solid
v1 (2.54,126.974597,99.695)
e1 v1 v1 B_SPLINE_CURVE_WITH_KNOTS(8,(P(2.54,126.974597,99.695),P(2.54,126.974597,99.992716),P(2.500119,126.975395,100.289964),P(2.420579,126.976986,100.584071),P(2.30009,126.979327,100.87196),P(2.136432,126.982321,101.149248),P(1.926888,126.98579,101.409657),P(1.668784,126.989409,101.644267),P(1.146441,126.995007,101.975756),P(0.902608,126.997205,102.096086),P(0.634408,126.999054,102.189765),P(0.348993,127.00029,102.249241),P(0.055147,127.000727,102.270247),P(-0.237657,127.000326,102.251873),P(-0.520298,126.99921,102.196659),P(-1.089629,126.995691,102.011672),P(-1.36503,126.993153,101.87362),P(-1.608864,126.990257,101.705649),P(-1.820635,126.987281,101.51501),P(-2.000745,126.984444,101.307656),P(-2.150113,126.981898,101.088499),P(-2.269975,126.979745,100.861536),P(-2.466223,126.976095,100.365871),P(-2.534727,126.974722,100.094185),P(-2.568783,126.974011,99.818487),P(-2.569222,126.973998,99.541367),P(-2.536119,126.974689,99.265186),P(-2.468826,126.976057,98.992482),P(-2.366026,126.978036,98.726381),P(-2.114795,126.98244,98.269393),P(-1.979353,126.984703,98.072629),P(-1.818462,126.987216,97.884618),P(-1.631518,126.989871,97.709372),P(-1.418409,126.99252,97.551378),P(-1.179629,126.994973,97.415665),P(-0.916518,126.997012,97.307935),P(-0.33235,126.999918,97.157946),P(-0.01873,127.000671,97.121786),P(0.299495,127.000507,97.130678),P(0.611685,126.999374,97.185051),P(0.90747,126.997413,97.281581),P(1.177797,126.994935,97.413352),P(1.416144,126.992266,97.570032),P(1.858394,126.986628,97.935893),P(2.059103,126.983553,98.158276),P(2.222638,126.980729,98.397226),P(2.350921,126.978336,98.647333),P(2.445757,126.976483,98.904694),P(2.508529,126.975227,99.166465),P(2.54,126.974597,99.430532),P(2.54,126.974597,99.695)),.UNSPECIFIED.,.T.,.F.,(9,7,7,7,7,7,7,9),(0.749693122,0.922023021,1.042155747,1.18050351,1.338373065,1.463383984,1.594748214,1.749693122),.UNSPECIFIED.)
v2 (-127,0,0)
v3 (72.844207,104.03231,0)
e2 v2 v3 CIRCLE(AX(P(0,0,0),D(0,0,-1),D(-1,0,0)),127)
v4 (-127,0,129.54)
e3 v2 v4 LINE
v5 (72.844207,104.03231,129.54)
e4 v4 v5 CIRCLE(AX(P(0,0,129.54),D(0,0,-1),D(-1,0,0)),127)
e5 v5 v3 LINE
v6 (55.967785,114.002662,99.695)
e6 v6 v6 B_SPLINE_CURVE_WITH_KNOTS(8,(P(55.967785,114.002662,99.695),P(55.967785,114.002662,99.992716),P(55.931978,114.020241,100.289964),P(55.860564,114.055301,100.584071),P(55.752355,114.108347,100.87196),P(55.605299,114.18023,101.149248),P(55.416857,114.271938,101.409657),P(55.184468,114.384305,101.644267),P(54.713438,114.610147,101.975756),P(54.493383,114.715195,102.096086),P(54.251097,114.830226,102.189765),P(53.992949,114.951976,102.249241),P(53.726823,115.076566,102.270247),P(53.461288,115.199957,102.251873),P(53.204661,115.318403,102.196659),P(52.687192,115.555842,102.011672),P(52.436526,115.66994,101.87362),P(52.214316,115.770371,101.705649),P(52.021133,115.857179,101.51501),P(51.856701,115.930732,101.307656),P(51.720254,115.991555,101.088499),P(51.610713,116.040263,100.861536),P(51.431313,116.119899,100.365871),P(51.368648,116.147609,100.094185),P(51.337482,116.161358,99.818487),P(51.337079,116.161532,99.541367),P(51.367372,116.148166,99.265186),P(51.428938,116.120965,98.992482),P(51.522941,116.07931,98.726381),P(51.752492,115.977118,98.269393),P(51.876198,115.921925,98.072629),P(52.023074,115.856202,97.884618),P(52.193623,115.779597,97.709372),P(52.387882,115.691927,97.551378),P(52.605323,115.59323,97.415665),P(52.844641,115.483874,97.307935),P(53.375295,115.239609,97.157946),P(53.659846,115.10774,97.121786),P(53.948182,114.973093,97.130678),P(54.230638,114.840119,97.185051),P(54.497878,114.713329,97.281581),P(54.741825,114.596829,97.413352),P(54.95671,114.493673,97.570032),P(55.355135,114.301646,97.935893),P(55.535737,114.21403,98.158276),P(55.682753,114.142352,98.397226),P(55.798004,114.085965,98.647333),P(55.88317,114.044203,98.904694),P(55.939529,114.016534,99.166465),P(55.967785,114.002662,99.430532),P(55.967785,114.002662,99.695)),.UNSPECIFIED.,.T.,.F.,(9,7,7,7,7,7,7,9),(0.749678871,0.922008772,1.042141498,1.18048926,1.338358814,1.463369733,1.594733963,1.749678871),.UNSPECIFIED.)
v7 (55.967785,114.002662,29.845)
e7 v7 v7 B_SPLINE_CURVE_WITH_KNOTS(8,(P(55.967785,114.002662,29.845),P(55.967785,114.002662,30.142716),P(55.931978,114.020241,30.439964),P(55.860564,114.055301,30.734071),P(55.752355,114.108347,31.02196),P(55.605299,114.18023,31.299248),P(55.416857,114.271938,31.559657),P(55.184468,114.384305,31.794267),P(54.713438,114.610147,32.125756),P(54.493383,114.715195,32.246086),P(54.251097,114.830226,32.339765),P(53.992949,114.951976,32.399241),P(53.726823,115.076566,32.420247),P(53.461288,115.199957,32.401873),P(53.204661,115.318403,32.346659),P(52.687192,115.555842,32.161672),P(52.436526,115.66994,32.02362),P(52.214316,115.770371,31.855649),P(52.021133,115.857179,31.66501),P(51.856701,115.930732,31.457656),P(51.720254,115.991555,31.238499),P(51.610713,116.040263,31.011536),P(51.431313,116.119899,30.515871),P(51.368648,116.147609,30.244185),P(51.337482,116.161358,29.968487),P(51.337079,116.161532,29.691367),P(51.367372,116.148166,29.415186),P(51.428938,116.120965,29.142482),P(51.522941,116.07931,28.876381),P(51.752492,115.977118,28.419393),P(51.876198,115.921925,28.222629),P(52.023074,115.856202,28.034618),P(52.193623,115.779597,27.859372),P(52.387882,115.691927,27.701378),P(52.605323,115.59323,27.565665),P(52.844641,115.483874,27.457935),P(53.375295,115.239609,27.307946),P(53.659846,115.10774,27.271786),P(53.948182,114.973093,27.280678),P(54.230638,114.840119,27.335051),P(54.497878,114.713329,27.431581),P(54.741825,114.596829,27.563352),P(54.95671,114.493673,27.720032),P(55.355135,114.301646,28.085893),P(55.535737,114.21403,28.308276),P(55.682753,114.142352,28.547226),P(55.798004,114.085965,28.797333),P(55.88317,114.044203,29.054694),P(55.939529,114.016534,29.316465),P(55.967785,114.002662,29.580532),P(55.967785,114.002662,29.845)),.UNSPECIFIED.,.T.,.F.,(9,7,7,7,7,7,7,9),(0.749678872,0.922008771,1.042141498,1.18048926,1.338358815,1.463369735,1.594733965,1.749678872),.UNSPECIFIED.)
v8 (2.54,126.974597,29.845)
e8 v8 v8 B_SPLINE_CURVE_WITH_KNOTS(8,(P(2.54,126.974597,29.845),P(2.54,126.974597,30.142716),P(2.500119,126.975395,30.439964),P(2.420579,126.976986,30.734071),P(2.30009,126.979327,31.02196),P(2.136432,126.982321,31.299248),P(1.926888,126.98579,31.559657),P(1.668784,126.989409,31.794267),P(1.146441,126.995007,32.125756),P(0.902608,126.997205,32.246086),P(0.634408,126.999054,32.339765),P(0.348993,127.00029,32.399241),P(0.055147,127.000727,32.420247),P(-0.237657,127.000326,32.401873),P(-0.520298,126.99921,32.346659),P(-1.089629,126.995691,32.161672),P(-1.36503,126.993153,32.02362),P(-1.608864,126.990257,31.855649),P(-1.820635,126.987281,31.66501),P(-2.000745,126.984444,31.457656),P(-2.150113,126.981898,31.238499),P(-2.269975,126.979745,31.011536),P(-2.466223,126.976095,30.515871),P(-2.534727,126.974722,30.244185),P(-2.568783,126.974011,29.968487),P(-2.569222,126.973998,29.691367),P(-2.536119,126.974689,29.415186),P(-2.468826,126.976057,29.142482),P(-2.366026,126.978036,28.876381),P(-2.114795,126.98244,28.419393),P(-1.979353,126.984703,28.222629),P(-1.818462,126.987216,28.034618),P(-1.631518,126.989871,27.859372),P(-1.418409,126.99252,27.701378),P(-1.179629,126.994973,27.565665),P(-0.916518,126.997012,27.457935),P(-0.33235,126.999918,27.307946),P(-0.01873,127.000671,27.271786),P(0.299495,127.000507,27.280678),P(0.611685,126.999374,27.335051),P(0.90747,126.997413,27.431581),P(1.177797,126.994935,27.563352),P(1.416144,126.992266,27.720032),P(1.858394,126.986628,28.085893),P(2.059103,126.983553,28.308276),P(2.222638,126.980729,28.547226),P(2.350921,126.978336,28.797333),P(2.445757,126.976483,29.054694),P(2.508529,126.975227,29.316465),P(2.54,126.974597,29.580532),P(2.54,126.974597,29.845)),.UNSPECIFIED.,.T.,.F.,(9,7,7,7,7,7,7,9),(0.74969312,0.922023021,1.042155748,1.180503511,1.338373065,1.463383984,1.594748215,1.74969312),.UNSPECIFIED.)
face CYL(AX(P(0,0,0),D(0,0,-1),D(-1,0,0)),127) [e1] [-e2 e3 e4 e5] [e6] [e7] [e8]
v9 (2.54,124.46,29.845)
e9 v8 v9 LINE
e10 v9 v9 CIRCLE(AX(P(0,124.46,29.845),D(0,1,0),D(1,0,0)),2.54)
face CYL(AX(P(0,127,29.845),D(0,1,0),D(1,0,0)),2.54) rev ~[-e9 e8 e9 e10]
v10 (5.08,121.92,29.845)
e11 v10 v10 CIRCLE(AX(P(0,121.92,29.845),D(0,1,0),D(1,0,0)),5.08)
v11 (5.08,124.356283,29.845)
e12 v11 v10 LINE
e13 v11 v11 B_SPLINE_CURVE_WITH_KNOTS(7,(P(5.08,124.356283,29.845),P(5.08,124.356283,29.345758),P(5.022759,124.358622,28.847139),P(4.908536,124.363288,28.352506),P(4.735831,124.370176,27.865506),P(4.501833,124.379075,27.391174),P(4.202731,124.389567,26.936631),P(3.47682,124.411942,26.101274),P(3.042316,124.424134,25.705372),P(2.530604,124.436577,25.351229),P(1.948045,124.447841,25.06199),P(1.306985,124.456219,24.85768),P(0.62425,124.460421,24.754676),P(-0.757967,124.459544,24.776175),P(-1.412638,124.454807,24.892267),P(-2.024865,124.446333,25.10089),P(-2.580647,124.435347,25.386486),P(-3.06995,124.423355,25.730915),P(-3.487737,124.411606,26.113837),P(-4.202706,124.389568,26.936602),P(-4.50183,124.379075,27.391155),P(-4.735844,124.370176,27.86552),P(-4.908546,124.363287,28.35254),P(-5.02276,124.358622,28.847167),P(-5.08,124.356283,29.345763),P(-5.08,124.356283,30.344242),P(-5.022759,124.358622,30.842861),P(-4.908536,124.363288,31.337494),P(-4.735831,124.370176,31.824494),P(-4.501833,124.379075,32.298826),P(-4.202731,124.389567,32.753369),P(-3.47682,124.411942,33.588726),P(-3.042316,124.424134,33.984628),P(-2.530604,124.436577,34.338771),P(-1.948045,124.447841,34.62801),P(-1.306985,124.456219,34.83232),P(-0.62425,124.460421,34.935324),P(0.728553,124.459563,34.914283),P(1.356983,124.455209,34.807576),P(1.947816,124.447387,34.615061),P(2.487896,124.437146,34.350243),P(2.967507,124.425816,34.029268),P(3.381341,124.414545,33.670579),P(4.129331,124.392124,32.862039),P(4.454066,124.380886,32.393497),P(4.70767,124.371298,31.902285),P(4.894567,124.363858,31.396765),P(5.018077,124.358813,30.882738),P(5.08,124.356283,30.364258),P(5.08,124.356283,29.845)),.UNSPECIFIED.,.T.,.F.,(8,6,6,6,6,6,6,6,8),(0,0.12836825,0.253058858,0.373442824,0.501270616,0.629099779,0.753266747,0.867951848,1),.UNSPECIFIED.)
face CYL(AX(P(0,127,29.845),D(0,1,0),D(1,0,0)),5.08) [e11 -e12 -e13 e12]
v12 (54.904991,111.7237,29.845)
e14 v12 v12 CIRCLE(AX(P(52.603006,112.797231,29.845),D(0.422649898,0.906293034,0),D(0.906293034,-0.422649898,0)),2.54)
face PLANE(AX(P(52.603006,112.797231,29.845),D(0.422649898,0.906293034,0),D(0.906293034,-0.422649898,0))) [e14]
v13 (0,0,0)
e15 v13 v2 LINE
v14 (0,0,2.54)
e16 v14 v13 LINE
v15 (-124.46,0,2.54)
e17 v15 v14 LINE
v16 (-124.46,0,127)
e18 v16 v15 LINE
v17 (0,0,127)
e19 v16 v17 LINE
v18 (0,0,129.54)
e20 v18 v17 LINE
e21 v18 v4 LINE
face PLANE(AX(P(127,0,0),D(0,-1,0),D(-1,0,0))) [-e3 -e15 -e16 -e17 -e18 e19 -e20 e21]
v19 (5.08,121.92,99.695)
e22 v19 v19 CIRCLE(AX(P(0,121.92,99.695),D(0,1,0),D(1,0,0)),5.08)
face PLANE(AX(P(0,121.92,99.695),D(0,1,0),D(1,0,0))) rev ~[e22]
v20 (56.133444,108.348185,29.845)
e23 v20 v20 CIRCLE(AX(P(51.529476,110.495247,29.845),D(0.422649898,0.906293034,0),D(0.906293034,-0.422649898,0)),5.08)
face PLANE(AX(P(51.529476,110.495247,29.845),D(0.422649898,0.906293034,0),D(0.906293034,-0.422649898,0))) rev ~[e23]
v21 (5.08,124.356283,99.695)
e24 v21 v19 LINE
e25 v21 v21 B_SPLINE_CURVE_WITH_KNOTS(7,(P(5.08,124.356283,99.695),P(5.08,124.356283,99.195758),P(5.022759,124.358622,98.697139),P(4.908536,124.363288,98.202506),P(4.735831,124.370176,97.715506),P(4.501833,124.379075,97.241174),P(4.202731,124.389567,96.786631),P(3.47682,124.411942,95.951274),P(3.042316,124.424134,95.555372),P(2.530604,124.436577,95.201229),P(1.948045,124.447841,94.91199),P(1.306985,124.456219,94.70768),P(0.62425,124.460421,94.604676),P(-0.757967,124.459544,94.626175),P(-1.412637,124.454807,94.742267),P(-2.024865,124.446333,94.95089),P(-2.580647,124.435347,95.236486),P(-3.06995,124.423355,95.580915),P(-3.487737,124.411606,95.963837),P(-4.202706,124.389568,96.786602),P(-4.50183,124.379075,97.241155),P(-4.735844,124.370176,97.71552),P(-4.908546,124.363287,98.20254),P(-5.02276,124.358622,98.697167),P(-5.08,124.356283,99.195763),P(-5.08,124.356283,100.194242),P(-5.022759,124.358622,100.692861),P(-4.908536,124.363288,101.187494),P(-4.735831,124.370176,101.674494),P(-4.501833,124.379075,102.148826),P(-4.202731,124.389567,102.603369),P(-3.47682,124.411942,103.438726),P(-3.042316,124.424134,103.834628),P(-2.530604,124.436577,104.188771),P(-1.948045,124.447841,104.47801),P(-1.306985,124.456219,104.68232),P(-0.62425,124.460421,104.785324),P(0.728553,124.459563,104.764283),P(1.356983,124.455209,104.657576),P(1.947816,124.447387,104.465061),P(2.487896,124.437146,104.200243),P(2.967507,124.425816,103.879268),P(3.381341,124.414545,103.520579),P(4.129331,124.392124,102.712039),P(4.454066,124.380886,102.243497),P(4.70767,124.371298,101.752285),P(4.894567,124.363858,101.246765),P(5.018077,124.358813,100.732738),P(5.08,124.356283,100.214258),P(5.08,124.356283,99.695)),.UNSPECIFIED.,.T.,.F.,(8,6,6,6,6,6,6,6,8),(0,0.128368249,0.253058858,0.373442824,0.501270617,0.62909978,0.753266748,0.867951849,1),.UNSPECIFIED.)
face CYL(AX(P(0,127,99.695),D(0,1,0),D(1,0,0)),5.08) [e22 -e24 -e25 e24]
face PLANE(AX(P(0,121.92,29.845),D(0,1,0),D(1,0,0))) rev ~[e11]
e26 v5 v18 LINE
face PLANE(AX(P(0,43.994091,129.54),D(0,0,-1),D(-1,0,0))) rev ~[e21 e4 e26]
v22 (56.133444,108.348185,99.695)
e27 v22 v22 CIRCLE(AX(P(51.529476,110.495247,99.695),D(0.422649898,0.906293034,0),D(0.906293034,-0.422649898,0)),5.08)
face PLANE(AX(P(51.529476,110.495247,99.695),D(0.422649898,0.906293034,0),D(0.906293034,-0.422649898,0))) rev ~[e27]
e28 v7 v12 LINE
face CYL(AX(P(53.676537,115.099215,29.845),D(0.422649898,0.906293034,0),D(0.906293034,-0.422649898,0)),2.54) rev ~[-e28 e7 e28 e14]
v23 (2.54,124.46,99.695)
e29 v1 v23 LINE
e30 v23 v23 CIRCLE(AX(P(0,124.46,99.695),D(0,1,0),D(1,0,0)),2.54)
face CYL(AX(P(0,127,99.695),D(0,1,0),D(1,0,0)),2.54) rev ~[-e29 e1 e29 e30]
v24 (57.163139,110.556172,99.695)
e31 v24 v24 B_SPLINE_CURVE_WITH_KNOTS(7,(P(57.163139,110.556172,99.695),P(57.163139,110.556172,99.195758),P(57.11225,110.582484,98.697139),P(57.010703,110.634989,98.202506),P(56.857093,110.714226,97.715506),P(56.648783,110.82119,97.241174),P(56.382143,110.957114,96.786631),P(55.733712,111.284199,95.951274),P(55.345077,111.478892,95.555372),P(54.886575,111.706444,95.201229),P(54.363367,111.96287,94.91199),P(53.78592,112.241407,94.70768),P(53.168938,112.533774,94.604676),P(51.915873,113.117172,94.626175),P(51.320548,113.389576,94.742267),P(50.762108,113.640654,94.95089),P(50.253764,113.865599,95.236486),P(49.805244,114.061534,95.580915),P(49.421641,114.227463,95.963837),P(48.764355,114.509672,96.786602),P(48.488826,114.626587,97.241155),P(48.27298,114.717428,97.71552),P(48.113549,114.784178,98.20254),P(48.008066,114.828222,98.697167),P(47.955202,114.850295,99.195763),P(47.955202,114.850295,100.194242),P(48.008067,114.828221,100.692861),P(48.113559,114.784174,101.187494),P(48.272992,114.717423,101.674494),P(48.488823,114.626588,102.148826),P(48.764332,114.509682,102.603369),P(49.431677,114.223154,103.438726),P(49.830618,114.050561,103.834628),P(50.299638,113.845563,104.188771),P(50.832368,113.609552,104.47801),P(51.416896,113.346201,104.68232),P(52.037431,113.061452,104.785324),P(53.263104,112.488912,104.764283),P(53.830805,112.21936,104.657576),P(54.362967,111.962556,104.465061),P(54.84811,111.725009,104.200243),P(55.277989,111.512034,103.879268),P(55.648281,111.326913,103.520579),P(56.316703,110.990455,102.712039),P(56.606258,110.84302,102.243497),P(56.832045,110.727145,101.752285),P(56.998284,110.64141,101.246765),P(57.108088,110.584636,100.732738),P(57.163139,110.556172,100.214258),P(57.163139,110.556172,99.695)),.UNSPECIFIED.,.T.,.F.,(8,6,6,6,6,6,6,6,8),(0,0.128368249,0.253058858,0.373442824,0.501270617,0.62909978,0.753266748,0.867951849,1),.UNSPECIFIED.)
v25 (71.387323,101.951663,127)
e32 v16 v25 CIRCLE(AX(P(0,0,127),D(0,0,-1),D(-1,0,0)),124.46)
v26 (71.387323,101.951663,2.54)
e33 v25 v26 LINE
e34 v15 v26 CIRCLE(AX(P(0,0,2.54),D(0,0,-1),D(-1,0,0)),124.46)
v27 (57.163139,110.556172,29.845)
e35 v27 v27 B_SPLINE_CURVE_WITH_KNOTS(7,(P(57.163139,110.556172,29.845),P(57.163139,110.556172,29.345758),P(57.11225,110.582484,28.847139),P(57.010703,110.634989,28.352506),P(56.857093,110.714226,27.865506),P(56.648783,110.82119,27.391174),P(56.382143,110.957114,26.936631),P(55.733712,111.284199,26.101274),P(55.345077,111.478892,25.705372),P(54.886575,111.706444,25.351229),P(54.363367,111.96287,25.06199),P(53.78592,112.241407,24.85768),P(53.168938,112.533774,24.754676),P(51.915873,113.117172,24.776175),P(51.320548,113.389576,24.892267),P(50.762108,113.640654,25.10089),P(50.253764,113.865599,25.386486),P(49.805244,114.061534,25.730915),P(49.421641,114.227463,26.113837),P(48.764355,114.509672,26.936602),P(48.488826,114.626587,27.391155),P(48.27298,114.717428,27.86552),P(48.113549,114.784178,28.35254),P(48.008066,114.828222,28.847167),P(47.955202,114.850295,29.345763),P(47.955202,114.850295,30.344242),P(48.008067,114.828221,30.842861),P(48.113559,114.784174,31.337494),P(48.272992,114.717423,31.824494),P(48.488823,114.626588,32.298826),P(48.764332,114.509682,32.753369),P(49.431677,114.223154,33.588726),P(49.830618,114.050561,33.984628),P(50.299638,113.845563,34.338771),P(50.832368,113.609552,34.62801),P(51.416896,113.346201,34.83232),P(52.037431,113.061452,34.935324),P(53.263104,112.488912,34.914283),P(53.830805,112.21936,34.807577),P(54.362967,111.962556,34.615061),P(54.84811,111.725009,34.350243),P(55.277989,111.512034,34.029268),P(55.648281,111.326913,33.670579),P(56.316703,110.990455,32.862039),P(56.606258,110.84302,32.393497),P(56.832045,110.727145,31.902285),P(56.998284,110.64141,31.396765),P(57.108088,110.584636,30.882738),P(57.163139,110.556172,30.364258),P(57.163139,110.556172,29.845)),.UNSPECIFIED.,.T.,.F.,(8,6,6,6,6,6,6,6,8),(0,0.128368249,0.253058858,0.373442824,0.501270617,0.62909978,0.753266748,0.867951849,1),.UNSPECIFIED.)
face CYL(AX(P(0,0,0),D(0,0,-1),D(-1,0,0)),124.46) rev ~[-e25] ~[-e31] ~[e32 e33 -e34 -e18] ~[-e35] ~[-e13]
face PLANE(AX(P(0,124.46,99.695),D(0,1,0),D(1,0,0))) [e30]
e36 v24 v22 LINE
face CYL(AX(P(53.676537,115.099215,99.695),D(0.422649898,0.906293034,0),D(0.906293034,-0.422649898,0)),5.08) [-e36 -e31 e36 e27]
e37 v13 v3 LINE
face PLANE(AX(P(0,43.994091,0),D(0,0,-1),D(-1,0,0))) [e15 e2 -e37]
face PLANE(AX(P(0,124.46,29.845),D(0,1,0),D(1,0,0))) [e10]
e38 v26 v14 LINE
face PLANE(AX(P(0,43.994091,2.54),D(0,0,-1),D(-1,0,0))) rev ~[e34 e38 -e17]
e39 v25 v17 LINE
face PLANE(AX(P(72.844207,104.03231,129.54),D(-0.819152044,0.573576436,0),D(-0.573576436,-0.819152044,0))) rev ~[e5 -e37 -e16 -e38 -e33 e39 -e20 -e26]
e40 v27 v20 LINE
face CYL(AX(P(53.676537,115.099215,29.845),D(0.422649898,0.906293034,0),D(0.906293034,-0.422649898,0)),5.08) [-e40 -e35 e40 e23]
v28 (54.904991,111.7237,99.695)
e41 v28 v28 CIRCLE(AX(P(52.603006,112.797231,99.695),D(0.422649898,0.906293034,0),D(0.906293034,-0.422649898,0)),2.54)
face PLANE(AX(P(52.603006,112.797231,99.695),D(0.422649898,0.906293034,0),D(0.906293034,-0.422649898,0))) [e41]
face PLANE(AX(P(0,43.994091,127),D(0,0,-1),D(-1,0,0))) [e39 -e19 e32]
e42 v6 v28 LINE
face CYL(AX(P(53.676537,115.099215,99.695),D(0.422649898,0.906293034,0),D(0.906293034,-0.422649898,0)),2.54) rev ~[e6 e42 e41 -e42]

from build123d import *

# Parameters (mm, degrees)
BOSS_EXTRUDE1_DEPTH = 129.54
SKETCH2_R           = 2.54
CUT_EXTRUDE1_DEPTH  = 2.54
SKETCH4_R           = 2.54
CUT_EXTRUDE2_DEPTH  = 2.54
CUT_EXTRUDE3_DEPTH  = 130.5400001
SHELL1_T            = -2.54


with BuildPart() as part:
    # Sketch1 → Boss-Extrude1 (new body)
    with BuildSketch(Plane.XY):
        with BuildLine():
            Line((127, 0), (0, 0))
            Line((0, 0), (-127, 0))
            ThreePointArc((-127, 0), (0, 127), (127, 0))
        make_face()
    extrude(amount=BOSS_EXTRUDE1_DEPTH)

    # Sketch2 → Cut-Extrude1 (cut)
    with BuildSketch(Plane(origin=(0, 127, 129.54), x_dir=(1, 0, 0), z_dir=(0, 1, 0))):
        with Locations((0, 29.845)):
            Circle(SKETCH2_R)
        with Locations((0, 99.695)):
            Circle(SKETCH2_R)
    extrude(amount=-CUT_EXTRUDE1_DEPTH, mode=Mode.SUBTRACT)

    # Sketch4 → Cut-Extrude2 (cut)
    with BuildSketch(Plane(origin=(53.676536994, 115.099215359, 129.54), x_dir=(0.906293034, -0.422649898, 0), z_dir=(0.422649898, 0.906293034, 0))):
        with Locations((0, 29.845)):
            Circle(SKETCH4_R)
        with Locations((0, 99.695)):
            Circle(SKETCH4_R)
    extrude(amount=-CUT_EXTRUDE2_DEPTH, mode=Mode.SUBTRACT)

    # Sketch5 → Cut-Extrude3 (cut, through all)
    with BuildSketch(Plane.XY.offset(129.54)):
        with BuildLine():
            Line((72.844207417, 104.032309625), (0, 0))
            Line((0, 0), (127, 0))
            ThreePointArc((127, 0), (112.650375814, 58.642073881), (72.844207417, 104.032309625))
        make_face()
    extrude(amount=-CUT_EXTRUDE3_DEPTH, mode=Mode.SUBTRACT)

    # Shell1
    shell1_openings = [part.faces().sort_by_distance(p)[0] for p in [
        (-63.5, 0, 64.77),
        (36.422103708, 52.016154812, 64.77),
    ]]
    offset(amount=SHELL1_T, openings=shell1_openings, kind=Kind.INTERSECTION)


solid = part.part
